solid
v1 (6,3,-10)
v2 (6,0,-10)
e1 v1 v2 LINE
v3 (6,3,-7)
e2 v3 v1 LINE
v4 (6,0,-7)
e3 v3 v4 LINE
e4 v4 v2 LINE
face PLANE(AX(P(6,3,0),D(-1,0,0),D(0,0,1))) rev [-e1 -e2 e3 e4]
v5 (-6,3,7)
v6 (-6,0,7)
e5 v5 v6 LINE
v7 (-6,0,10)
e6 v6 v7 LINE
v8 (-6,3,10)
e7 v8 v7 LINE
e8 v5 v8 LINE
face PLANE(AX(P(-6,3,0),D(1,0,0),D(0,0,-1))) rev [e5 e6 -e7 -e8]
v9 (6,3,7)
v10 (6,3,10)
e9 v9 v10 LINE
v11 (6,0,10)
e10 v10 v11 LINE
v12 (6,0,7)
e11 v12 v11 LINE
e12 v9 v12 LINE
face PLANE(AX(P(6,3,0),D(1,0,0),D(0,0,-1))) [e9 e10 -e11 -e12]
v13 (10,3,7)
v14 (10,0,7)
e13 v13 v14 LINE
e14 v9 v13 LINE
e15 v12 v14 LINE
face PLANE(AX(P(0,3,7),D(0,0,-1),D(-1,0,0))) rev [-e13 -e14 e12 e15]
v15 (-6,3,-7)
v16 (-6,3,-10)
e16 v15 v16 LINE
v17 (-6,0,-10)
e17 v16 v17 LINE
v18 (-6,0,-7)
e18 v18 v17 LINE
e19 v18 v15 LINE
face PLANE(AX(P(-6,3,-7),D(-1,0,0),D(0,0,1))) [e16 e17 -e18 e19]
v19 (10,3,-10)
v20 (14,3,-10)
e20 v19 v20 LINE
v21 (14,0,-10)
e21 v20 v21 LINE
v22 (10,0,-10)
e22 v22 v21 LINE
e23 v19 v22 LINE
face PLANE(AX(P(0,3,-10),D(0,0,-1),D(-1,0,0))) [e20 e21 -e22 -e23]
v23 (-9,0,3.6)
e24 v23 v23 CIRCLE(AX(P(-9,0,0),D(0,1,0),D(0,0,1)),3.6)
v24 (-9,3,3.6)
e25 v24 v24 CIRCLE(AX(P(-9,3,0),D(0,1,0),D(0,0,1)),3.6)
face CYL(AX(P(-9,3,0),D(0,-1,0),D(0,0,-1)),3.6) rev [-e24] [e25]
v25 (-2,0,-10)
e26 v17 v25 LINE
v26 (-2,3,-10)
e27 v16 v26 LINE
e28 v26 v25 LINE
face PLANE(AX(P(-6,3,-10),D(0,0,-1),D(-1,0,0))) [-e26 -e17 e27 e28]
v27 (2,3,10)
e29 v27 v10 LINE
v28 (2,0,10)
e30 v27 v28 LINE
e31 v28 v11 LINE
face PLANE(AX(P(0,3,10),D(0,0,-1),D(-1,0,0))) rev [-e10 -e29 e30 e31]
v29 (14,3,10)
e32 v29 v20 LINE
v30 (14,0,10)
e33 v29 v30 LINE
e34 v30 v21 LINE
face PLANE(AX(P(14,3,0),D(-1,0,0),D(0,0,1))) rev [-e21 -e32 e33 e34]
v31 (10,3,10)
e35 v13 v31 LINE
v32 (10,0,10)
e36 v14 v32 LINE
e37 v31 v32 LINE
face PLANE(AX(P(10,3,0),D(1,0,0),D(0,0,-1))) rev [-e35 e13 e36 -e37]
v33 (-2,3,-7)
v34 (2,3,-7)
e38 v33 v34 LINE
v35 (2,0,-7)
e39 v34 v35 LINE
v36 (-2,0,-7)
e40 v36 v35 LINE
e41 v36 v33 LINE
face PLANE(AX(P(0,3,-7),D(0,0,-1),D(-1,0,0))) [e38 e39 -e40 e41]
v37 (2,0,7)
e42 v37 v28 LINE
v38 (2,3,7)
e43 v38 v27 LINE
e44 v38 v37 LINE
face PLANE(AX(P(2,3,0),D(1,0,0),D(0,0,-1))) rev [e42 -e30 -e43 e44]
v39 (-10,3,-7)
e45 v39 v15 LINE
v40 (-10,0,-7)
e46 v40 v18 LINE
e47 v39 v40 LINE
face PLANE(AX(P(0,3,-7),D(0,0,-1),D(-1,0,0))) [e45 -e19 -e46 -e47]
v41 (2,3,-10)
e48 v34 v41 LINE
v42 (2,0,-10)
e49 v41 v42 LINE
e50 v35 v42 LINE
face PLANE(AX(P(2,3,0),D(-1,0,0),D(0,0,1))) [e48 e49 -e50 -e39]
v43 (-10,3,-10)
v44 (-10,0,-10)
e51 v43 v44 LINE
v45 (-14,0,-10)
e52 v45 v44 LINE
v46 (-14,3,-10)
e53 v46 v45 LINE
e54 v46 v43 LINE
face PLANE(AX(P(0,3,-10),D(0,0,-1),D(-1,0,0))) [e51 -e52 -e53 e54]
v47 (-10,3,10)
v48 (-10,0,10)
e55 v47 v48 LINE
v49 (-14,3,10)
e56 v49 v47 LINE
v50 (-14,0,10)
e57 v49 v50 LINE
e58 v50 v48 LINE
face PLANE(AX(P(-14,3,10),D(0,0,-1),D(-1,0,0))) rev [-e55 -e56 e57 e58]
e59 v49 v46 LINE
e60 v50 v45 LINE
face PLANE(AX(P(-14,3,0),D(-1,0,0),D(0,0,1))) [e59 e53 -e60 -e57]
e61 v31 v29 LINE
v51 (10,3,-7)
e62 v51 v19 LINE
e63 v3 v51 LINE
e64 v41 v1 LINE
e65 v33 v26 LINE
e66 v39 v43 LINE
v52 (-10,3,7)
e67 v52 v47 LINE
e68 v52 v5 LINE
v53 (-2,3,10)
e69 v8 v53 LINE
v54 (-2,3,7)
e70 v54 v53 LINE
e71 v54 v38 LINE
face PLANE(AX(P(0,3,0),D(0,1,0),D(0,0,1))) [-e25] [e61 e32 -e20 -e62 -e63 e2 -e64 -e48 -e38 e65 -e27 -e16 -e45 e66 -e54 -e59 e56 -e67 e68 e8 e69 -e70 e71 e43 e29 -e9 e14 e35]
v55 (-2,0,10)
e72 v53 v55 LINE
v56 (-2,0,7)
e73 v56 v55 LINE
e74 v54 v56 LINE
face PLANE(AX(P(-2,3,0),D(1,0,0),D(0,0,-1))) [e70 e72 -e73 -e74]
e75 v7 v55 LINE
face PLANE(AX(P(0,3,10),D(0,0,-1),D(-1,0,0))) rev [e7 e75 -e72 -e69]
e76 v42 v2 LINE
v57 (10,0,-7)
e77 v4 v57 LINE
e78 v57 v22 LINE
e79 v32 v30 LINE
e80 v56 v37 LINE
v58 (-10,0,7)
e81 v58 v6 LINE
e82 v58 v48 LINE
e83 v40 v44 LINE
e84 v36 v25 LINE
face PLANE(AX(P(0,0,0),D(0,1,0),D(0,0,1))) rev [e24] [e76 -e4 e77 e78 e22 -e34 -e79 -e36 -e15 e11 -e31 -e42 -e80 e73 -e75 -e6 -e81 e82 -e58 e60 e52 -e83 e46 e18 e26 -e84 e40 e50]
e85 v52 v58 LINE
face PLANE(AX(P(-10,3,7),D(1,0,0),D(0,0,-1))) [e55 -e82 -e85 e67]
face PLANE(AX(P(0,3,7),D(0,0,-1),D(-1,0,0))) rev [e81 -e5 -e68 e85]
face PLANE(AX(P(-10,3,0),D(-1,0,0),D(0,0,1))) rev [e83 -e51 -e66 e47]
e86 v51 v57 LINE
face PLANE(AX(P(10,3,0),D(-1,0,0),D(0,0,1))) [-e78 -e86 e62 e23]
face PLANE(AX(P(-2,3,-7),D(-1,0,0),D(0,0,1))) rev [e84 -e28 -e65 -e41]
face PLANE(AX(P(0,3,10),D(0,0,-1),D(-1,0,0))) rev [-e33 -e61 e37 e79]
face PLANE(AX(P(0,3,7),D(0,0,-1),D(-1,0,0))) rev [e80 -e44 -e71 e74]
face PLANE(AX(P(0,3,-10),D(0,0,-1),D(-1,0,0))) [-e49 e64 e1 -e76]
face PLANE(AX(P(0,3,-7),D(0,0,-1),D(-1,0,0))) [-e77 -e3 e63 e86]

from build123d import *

# Parameters (mm, degrees)
CROQUIS1_R              = 3.6
SALIENTE_EXTRUIR3_DEPTH = 3


with BuildPart() as part:
    # Croquis1 → Saliente-Extruir3 (new body)
    with BuildSketch(Plane(origin=(0, 0, 0), x_dir=(1, 0, 0), z_dir=(0, 1, 0))):
        Polygon((-14, -10), (-10, -10), (-10, -7), (-6, -7), (-6, -10), (-2, -10), (-2, -7), (2, -7), (2, -10), (6, -10), (6, -7), (10, -7), (10, -10), (14, -10), (14, 10), (10, 10), (10, 7), (6, 7), (6, 10), (2, 10), (2, 7), (-2, 7), (-2, 10), (-6, 10), (-6, 7), (-10, 7), (-10, 10), (-14, 10), align=None)
        with Locations(Location((-9, 0, 0), (0, 0, 270))):
            Circle(CROQUIS1_R, mode=Mode.SUBTRACT)
    extrude(amount=SALIENTE_EXTRUIR3_DEPTH)


solid = part.part
